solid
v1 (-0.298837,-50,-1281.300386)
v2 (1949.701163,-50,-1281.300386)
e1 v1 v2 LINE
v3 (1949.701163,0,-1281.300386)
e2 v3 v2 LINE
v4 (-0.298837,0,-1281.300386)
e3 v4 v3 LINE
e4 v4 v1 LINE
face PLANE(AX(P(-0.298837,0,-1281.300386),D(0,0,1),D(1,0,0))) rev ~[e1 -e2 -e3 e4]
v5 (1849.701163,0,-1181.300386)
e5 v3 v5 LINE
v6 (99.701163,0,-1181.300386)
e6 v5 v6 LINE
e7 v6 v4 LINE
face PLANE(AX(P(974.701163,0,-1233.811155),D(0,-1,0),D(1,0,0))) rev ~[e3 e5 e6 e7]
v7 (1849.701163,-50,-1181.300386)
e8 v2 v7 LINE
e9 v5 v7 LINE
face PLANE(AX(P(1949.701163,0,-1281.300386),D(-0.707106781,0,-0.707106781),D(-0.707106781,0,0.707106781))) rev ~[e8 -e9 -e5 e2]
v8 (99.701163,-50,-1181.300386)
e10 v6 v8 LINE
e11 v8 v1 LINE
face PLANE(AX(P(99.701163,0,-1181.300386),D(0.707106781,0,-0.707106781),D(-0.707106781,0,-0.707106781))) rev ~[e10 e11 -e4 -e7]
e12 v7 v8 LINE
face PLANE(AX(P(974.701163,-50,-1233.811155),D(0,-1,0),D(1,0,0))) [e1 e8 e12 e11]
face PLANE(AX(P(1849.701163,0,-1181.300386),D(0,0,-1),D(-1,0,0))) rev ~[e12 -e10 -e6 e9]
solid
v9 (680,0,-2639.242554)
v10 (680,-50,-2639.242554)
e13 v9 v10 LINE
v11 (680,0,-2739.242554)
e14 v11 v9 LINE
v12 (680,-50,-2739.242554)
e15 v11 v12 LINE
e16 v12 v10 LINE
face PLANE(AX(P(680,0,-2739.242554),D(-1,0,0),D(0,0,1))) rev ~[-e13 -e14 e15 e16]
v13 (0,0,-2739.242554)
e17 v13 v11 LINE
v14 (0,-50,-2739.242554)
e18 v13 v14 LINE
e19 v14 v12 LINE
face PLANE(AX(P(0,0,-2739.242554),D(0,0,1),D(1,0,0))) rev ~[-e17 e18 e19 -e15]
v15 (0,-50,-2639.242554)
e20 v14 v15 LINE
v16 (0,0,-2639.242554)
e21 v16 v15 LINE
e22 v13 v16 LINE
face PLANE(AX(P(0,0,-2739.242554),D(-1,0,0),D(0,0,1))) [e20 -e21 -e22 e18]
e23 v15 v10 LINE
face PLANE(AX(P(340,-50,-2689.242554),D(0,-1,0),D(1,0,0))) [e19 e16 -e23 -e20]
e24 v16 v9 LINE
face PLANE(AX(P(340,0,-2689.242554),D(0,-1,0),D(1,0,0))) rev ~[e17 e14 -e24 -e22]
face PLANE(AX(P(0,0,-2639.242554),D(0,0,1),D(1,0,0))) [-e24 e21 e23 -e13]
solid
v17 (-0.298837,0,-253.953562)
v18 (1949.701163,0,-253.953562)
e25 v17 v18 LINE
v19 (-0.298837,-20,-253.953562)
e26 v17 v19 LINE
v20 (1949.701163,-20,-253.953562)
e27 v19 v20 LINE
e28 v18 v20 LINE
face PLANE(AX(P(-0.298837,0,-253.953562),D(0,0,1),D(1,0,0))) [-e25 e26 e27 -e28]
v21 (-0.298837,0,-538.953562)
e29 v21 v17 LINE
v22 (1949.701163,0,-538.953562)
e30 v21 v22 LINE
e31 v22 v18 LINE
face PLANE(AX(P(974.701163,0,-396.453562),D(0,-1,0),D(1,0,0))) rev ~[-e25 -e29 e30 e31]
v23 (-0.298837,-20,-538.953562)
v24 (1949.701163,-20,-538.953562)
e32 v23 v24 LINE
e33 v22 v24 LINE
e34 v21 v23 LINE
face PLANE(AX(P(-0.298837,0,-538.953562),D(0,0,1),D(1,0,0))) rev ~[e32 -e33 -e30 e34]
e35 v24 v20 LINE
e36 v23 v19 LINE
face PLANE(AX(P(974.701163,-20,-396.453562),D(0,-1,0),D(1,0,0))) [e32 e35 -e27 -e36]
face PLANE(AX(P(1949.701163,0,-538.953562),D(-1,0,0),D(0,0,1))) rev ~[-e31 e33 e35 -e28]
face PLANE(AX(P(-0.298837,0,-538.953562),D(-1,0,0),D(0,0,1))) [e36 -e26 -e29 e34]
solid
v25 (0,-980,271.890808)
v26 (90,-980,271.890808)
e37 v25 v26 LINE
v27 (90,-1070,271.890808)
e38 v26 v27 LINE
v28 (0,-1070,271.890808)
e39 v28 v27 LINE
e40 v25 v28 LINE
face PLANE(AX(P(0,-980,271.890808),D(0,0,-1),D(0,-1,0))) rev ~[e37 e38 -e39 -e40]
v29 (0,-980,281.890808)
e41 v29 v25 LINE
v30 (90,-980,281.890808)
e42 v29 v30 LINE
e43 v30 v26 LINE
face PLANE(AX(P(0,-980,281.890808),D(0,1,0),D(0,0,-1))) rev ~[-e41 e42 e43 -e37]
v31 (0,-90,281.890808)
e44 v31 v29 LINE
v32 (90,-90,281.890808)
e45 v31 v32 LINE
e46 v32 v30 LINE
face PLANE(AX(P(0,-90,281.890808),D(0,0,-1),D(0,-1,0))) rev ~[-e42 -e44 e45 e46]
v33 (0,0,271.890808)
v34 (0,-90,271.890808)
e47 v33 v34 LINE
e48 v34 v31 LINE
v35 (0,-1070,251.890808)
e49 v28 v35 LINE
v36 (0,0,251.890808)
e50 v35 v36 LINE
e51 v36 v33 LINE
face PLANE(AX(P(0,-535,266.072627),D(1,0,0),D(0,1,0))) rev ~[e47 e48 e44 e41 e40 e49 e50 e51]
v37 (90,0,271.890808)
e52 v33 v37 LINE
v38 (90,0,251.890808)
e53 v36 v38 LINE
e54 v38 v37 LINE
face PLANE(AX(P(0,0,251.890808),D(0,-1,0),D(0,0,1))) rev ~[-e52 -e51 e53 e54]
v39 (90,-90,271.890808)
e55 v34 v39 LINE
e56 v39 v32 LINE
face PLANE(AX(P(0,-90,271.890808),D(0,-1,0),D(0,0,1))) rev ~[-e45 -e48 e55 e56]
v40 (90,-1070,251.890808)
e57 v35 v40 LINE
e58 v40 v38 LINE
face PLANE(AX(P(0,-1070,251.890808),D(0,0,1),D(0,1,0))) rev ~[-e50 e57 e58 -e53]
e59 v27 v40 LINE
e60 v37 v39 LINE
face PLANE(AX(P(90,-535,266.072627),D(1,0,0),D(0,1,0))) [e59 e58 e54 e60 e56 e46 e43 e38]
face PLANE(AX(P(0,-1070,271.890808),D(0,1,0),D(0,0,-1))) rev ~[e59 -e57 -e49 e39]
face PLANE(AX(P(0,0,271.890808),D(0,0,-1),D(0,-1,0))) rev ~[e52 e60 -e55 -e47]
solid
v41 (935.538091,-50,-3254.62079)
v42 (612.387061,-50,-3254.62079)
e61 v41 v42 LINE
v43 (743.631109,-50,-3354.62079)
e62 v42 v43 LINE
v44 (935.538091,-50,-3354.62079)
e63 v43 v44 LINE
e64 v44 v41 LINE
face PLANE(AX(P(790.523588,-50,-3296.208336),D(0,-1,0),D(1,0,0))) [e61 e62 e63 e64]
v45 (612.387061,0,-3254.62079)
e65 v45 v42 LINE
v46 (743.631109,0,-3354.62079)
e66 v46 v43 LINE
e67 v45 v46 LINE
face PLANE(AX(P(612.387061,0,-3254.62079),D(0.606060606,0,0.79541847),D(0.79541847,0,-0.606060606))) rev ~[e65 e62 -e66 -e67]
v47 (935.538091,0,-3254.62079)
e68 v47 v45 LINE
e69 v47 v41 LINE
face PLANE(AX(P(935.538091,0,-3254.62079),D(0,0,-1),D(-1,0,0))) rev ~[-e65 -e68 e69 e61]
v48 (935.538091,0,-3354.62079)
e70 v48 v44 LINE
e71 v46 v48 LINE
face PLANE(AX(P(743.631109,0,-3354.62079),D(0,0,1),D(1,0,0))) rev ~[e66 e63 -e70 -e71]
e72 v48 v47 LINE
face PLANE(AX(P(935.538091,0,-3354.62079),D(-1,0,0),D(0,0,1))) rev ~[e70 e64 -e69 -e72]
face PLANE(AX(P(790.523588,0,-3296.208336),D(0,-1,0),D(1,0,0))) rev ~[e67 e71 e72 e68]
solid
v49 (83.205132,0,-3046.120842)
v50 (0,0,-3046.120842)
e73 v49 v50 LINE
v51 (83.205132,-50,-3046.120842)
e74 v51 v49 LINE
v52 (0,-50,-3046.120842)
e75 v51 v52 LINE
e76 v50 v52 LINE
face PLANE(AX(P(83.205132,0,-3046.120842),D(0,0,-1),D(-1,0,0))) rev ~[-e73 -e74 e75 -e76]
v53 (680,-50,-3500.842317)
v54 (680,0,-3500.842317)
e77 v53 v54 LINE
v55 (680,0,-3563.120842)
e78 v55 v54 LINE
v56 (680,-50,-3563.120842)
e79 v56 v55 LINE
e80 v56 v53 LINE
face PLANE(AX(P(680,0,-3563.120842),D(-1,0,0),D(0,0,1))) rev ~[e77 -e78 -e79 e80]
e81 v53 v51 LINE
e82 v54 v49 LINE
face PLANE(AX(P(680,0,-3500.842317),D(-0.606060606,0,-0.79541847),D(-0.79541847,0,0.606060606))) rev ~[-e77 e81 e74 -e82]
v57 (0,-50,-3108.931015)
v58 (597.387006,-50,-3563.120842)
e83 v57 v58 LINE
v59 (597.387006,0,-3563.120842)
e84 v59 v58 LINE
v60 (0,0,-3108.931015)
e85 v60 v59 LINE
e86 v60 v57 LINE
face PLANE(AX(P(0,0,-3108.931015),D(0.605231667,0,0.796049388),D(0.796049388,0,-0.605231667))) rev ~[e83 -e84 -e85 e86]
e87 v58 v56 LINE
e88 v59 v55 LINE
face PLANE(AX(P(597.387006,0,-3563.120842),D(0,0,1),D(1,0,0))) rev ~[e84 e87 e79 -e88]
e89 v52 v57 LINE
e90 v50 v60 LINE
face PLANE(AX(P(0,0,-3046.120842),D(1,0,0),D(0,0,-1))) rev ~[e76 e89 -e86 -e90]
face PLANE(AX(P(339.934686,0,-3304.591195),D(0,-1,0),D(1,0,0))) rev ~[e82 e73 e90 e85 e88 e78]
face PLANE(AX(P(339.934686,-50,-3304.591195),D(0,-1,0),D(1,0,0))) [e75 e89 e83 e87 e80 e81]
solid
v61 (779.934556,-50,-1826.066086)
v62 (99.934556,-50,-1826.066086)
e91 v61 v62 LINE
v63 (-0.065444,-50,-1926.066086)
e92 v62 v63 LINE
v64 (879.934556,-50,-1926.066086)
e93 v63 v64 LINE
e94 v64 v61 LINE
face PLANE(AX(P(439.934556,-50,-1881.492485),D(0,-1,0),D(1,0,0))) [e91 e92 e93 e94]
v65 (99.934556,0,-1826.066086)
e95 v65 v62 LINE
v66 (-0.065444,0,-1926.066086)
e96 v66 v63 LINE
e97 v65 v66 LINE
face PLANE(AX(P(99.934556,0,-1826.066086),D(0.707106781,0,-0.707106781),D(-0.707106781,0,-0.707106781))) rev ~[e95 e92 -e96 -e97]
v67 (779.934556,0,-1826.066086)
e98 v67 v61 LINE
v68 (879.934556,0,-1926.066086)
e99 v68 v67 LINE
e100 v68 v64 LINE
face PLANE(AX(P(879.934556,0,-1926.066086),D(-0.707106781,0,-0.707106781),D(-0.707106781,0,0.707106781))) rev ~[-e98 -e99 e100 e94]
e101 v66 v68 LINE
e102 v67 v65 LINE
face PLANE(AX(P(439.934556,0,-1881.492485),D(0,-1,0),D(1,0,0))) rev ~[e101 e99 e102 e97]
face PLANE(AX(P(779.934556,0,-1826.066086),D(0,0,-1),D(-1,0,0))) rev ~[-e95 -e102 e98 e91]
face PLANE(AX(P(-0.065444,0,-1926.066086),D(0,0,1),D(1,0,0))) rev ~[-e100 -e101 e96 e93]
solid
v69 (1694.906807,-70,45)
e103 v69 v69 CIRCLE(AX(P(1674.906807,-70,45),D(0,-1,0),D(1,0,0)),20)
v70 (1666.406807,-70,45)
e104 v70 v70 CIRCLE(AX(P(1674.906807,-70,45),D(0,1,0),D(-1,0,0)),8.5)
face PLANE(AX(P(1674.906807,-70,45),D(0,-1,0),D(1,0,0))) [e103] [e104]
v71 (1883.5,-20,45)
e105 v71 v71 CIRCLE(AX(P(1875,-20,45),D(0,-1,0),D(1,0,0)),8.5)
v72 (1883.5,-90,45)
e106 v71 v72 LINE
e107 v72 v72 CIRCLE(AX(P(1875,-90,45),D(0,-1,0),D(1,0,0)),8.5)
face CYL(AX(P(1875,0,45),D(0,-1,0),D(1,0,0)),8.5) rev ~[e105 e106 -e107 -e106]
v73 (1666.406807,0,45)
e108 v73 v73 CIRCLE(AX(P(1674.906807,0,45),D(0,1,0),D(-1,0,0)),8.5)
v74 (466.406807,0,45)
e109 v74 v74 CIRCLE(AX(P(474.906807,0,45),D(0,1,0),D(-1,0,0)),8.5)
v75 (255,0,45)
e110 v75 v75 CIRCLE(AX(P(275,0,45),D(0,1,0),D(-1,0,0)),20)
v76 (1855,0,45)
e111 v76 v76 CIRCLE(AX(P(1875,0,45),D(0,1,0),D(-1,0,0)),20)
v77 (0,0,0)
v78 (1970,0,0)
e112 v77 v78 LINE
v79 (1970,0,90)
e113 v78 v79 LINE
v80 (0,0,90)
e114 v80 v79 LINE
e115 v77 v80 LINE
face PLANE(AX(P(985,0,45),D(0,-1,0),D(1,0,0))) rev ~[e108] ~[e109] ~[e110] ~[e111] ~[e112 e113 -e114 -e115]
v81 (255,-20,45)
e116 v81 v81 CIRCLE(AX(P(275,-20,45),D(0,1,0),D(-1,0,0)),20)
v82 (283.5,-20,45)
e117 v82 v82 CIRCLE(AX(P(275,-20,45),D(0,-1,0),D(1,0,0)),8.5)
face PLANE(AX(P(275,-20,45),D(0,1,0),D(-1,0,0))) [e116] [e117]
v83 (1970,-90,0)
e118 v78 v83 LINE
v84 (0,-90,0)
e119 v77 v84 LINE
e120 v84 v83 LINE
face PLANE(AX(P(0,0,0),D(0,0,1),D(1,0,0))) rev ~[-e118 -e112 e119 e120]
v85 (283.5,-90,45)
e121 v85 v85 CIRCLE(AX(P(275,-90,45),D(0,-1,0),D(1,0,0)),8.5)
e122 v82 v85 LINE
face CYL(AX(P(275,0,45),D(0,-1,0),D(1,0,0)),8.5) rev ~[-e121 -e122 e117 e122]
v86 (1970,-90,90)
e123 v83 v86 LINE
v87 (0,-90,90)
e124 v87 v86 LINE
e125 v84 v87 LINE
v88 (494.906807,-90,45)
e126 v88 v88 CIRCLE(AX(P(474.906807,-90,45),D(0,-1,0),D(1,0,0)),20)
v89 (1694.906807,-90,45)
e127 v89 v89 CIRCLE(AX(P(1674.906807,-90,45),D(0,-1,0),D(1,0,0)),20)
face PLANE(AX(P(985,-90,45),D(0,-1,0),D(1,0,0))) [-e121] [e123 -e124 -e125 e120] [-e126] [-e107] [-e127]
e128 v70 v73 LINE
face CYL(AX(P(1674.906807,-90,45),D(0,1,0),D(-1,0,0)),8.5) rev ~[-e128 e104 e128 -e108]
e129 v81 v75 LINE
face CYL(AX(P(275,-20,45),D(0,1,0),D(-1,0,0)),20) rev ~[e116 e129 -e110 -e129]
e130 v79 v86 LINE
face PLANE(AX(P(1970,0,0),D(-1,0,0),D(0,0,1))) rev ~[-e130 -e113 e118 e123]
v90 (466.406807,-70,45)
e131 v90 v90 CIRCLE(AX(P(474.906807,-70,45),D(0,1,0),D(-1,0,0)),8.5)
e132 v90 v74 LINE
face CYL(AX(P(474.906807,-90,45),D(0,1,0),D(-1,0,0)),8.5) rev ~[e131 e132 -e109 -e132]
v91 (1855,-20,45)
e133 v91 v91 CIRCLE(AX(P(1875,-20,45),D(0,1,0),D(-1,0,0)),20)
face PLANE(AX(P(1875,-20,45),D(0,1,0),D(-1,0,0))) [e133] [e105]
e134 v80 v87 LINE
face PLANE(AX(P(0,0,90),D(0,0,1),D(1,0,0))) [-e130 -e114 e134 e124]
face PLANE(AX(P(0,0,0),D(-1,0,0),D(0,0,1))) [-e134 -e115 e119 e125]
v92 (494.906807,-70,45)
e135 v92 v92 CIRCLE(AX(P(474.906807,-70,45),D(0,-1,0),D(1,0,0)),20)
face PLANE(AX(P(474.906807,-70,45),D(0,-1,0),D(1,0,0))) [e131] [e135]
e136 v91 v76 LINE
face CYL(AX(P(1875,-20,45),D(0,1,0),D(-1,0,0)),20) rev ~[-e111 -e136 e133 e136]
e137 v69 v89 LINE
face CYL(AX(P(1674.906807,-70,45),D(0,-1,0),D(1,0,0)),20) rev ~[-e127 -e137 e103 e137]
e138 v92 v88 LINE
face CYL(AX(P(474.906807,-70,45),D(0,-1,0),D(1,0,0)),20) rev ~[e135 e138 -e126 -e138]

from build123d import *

# Parameters (mm, degrees)
F0_W            = 1970
F0_H            = 90
F1_DEPTH        = 90
F3_DEPTH        = 90
F4_W            = 1950
F4_H            = 285
F5_DEPTH        = 20
F6_DEPTH        = 50
F7_DEPTH        = 50
F4_W_2          = 680
F4_H_2          = 100
F8_DEPTH        = 50
F9_DEPTH        = 25
F10_DEPTH       = 50
F13_D           = 17
F13_DEPTH       = 100
F13_START       = 25
F13_CBORE_D     = 40
F13_CBORE_DEPTH = 20
F13_TIP         = 5.1073152617
F15_D           = 17
F15_DEPTH       = 100
F15_CBORE_D     = 40
F15_CBORE_DEPTH = 20
F15_TIP         = 5.1073152617
F16_DEPTH       = 50


with BuildPart() as f1:
    # F0 (on Front) → F1 (new body)
    with BuildSketch(Plane.XZ):
        with Locations((985, 45)):
            Rectangle(F0_W, F0_H)
    extrude(amount=F1_DEPTH)

    # F13
    # its depths count from where the whole tool has entered the part; down to there all is cleared
    with Locations(Plane.XZ.offset(115).offset(-F13_START)):
        with Locations((1674.9068069458, 45), (474.9068069458, 45)):
            CounterBoreHole(F13_D / 2, F13_CBORE_D / 2, F13_CBORE_DEPTH, depth=F13_DEPTH)
            with Locations((0, 0, -(F13_DEPTH + F13_TIP / 2))):  # 118° drill point
                Cone(0, F13_D / 2, F13_TIP, mode=Mode.SUBTRACT)

    # F15
    with Locations(Plane(origin=(0, 0, 0), x_dir=(-1, 0, 0), z_dir=(0, 1, 0))):
        with Locations((-1875, 45), (-275, 45)):
            CounterBoreHole(F15_D / 2, F15_CBORE_D / 2, F15_CBORE_DEPTH, depth=F15_DEPTH)
            with Locations((0, 0, -(F15_DEPTH + F15_TIP / 2))):  # 118° drill point
                Cone(0, F15_D / 2, F15_TIP, mode=Mode.SUBTRACT)


with BuildPart() as f3:
    # F2 (on Right) → F3 (new body)
    with BuildSketch(Plane.YZ):
        Polygon((-1070, 251.8908083439), (0, 251.8908083439), (0, 271.8908083439), (-90, 271.8908083439), (-90, 281.8908083439), (-980, 281.8908083439), (-980, 271.8908083439), (-1070, 271.8908083439), align=None)
    extrude(amount=F3_DEPTH)


with BuildPart() as f5:
    # F4 (on Front) → F5 (new body)
    with BuildSketch(Plane.XZ):
        with Locations((974.7011631165, -396.4535624759)):
            Rectangle(F4_W, F4_H)
    extrude(amount=F5_DEPTH)


with BuildPart() as f6:
    # F4 (on Front) → F6 (new body)
    with BuildSketch(Plane.XZ):
        Polygon((1849.7011631165, -1181.3003856914), (99.7011631165, -1181.3003856914), (-0.2988368835, -1281.3003856914), (1949.7011631165, -1281.3003856914), align=None)
    extrude(amount=F6_DEPTH)


with BuildPart() as f7:
    # F4 (on Front) → F7 (new body)
    with BuildSketch(Plane.XZ):
        Polygon((779.9345557821, -1826.0660855043), (99.9345557821, -1826.0660855043), (-0.0654442179, -1926.0660855043), (879.9345557821, -1926.0660855043), align=None)
    extrude(amount=F7_DEPTH)


with BuildPart() as f8:
    # F4 (on Front) → F8 (new body)
    with BuildSketch(Plane.XZ):
        with Locations((340, -2689.2425537109)):
            Rectangle(F4_W_2, F4_H_2)
    extrude(amount=F8_DEPTH)


with BuildPart() as f9:
    # F4 (on Front) → F9 (new body)
    with BuildSketch(Plane.XZ):
        Polygon((83.2051316108, -3046.12084198), (0, -3046.12084198), (0, -3108.931015227), (597.3870061741, -3563.12084198), (680, -3563.12084198), (680, -3500.8423168428), (488.0930180991, -3354.62084198), align=None)
    extrude(amount=F9_DEPTH)

    # F4 (on Front) → F10 (join)
    with BuildSketch(Plane.XZ):
        Polygon((83.2051316108, -3046.12084198), (0, -3046.12084198), (0, -3108.931015227), (597.3870061741, -3563.12084198), (680, -3563.12084198), (680, -3500.8423168428), (488.0930180991, -3354.62084198), align=None)
    extrude(amount=F10_DEPTH)


with BuildPart() as f16:
    # F4 (on Front) → F16 (new body)
    with BuildSketch(Plane.XZ):
        Polygon((935.538090504, -3354.6207904816), (935.538090504, -3254.6207904816), (612.3870611191, -3254.6207904816), (743.6311086031, -3354.6207904816), align=None)
    extrude(amount=F16_DEPTH)


solid = Compound([f1.part, f3.part, f5.part, f6.part, f7.part, f8.part, f9.part, f16.part])
